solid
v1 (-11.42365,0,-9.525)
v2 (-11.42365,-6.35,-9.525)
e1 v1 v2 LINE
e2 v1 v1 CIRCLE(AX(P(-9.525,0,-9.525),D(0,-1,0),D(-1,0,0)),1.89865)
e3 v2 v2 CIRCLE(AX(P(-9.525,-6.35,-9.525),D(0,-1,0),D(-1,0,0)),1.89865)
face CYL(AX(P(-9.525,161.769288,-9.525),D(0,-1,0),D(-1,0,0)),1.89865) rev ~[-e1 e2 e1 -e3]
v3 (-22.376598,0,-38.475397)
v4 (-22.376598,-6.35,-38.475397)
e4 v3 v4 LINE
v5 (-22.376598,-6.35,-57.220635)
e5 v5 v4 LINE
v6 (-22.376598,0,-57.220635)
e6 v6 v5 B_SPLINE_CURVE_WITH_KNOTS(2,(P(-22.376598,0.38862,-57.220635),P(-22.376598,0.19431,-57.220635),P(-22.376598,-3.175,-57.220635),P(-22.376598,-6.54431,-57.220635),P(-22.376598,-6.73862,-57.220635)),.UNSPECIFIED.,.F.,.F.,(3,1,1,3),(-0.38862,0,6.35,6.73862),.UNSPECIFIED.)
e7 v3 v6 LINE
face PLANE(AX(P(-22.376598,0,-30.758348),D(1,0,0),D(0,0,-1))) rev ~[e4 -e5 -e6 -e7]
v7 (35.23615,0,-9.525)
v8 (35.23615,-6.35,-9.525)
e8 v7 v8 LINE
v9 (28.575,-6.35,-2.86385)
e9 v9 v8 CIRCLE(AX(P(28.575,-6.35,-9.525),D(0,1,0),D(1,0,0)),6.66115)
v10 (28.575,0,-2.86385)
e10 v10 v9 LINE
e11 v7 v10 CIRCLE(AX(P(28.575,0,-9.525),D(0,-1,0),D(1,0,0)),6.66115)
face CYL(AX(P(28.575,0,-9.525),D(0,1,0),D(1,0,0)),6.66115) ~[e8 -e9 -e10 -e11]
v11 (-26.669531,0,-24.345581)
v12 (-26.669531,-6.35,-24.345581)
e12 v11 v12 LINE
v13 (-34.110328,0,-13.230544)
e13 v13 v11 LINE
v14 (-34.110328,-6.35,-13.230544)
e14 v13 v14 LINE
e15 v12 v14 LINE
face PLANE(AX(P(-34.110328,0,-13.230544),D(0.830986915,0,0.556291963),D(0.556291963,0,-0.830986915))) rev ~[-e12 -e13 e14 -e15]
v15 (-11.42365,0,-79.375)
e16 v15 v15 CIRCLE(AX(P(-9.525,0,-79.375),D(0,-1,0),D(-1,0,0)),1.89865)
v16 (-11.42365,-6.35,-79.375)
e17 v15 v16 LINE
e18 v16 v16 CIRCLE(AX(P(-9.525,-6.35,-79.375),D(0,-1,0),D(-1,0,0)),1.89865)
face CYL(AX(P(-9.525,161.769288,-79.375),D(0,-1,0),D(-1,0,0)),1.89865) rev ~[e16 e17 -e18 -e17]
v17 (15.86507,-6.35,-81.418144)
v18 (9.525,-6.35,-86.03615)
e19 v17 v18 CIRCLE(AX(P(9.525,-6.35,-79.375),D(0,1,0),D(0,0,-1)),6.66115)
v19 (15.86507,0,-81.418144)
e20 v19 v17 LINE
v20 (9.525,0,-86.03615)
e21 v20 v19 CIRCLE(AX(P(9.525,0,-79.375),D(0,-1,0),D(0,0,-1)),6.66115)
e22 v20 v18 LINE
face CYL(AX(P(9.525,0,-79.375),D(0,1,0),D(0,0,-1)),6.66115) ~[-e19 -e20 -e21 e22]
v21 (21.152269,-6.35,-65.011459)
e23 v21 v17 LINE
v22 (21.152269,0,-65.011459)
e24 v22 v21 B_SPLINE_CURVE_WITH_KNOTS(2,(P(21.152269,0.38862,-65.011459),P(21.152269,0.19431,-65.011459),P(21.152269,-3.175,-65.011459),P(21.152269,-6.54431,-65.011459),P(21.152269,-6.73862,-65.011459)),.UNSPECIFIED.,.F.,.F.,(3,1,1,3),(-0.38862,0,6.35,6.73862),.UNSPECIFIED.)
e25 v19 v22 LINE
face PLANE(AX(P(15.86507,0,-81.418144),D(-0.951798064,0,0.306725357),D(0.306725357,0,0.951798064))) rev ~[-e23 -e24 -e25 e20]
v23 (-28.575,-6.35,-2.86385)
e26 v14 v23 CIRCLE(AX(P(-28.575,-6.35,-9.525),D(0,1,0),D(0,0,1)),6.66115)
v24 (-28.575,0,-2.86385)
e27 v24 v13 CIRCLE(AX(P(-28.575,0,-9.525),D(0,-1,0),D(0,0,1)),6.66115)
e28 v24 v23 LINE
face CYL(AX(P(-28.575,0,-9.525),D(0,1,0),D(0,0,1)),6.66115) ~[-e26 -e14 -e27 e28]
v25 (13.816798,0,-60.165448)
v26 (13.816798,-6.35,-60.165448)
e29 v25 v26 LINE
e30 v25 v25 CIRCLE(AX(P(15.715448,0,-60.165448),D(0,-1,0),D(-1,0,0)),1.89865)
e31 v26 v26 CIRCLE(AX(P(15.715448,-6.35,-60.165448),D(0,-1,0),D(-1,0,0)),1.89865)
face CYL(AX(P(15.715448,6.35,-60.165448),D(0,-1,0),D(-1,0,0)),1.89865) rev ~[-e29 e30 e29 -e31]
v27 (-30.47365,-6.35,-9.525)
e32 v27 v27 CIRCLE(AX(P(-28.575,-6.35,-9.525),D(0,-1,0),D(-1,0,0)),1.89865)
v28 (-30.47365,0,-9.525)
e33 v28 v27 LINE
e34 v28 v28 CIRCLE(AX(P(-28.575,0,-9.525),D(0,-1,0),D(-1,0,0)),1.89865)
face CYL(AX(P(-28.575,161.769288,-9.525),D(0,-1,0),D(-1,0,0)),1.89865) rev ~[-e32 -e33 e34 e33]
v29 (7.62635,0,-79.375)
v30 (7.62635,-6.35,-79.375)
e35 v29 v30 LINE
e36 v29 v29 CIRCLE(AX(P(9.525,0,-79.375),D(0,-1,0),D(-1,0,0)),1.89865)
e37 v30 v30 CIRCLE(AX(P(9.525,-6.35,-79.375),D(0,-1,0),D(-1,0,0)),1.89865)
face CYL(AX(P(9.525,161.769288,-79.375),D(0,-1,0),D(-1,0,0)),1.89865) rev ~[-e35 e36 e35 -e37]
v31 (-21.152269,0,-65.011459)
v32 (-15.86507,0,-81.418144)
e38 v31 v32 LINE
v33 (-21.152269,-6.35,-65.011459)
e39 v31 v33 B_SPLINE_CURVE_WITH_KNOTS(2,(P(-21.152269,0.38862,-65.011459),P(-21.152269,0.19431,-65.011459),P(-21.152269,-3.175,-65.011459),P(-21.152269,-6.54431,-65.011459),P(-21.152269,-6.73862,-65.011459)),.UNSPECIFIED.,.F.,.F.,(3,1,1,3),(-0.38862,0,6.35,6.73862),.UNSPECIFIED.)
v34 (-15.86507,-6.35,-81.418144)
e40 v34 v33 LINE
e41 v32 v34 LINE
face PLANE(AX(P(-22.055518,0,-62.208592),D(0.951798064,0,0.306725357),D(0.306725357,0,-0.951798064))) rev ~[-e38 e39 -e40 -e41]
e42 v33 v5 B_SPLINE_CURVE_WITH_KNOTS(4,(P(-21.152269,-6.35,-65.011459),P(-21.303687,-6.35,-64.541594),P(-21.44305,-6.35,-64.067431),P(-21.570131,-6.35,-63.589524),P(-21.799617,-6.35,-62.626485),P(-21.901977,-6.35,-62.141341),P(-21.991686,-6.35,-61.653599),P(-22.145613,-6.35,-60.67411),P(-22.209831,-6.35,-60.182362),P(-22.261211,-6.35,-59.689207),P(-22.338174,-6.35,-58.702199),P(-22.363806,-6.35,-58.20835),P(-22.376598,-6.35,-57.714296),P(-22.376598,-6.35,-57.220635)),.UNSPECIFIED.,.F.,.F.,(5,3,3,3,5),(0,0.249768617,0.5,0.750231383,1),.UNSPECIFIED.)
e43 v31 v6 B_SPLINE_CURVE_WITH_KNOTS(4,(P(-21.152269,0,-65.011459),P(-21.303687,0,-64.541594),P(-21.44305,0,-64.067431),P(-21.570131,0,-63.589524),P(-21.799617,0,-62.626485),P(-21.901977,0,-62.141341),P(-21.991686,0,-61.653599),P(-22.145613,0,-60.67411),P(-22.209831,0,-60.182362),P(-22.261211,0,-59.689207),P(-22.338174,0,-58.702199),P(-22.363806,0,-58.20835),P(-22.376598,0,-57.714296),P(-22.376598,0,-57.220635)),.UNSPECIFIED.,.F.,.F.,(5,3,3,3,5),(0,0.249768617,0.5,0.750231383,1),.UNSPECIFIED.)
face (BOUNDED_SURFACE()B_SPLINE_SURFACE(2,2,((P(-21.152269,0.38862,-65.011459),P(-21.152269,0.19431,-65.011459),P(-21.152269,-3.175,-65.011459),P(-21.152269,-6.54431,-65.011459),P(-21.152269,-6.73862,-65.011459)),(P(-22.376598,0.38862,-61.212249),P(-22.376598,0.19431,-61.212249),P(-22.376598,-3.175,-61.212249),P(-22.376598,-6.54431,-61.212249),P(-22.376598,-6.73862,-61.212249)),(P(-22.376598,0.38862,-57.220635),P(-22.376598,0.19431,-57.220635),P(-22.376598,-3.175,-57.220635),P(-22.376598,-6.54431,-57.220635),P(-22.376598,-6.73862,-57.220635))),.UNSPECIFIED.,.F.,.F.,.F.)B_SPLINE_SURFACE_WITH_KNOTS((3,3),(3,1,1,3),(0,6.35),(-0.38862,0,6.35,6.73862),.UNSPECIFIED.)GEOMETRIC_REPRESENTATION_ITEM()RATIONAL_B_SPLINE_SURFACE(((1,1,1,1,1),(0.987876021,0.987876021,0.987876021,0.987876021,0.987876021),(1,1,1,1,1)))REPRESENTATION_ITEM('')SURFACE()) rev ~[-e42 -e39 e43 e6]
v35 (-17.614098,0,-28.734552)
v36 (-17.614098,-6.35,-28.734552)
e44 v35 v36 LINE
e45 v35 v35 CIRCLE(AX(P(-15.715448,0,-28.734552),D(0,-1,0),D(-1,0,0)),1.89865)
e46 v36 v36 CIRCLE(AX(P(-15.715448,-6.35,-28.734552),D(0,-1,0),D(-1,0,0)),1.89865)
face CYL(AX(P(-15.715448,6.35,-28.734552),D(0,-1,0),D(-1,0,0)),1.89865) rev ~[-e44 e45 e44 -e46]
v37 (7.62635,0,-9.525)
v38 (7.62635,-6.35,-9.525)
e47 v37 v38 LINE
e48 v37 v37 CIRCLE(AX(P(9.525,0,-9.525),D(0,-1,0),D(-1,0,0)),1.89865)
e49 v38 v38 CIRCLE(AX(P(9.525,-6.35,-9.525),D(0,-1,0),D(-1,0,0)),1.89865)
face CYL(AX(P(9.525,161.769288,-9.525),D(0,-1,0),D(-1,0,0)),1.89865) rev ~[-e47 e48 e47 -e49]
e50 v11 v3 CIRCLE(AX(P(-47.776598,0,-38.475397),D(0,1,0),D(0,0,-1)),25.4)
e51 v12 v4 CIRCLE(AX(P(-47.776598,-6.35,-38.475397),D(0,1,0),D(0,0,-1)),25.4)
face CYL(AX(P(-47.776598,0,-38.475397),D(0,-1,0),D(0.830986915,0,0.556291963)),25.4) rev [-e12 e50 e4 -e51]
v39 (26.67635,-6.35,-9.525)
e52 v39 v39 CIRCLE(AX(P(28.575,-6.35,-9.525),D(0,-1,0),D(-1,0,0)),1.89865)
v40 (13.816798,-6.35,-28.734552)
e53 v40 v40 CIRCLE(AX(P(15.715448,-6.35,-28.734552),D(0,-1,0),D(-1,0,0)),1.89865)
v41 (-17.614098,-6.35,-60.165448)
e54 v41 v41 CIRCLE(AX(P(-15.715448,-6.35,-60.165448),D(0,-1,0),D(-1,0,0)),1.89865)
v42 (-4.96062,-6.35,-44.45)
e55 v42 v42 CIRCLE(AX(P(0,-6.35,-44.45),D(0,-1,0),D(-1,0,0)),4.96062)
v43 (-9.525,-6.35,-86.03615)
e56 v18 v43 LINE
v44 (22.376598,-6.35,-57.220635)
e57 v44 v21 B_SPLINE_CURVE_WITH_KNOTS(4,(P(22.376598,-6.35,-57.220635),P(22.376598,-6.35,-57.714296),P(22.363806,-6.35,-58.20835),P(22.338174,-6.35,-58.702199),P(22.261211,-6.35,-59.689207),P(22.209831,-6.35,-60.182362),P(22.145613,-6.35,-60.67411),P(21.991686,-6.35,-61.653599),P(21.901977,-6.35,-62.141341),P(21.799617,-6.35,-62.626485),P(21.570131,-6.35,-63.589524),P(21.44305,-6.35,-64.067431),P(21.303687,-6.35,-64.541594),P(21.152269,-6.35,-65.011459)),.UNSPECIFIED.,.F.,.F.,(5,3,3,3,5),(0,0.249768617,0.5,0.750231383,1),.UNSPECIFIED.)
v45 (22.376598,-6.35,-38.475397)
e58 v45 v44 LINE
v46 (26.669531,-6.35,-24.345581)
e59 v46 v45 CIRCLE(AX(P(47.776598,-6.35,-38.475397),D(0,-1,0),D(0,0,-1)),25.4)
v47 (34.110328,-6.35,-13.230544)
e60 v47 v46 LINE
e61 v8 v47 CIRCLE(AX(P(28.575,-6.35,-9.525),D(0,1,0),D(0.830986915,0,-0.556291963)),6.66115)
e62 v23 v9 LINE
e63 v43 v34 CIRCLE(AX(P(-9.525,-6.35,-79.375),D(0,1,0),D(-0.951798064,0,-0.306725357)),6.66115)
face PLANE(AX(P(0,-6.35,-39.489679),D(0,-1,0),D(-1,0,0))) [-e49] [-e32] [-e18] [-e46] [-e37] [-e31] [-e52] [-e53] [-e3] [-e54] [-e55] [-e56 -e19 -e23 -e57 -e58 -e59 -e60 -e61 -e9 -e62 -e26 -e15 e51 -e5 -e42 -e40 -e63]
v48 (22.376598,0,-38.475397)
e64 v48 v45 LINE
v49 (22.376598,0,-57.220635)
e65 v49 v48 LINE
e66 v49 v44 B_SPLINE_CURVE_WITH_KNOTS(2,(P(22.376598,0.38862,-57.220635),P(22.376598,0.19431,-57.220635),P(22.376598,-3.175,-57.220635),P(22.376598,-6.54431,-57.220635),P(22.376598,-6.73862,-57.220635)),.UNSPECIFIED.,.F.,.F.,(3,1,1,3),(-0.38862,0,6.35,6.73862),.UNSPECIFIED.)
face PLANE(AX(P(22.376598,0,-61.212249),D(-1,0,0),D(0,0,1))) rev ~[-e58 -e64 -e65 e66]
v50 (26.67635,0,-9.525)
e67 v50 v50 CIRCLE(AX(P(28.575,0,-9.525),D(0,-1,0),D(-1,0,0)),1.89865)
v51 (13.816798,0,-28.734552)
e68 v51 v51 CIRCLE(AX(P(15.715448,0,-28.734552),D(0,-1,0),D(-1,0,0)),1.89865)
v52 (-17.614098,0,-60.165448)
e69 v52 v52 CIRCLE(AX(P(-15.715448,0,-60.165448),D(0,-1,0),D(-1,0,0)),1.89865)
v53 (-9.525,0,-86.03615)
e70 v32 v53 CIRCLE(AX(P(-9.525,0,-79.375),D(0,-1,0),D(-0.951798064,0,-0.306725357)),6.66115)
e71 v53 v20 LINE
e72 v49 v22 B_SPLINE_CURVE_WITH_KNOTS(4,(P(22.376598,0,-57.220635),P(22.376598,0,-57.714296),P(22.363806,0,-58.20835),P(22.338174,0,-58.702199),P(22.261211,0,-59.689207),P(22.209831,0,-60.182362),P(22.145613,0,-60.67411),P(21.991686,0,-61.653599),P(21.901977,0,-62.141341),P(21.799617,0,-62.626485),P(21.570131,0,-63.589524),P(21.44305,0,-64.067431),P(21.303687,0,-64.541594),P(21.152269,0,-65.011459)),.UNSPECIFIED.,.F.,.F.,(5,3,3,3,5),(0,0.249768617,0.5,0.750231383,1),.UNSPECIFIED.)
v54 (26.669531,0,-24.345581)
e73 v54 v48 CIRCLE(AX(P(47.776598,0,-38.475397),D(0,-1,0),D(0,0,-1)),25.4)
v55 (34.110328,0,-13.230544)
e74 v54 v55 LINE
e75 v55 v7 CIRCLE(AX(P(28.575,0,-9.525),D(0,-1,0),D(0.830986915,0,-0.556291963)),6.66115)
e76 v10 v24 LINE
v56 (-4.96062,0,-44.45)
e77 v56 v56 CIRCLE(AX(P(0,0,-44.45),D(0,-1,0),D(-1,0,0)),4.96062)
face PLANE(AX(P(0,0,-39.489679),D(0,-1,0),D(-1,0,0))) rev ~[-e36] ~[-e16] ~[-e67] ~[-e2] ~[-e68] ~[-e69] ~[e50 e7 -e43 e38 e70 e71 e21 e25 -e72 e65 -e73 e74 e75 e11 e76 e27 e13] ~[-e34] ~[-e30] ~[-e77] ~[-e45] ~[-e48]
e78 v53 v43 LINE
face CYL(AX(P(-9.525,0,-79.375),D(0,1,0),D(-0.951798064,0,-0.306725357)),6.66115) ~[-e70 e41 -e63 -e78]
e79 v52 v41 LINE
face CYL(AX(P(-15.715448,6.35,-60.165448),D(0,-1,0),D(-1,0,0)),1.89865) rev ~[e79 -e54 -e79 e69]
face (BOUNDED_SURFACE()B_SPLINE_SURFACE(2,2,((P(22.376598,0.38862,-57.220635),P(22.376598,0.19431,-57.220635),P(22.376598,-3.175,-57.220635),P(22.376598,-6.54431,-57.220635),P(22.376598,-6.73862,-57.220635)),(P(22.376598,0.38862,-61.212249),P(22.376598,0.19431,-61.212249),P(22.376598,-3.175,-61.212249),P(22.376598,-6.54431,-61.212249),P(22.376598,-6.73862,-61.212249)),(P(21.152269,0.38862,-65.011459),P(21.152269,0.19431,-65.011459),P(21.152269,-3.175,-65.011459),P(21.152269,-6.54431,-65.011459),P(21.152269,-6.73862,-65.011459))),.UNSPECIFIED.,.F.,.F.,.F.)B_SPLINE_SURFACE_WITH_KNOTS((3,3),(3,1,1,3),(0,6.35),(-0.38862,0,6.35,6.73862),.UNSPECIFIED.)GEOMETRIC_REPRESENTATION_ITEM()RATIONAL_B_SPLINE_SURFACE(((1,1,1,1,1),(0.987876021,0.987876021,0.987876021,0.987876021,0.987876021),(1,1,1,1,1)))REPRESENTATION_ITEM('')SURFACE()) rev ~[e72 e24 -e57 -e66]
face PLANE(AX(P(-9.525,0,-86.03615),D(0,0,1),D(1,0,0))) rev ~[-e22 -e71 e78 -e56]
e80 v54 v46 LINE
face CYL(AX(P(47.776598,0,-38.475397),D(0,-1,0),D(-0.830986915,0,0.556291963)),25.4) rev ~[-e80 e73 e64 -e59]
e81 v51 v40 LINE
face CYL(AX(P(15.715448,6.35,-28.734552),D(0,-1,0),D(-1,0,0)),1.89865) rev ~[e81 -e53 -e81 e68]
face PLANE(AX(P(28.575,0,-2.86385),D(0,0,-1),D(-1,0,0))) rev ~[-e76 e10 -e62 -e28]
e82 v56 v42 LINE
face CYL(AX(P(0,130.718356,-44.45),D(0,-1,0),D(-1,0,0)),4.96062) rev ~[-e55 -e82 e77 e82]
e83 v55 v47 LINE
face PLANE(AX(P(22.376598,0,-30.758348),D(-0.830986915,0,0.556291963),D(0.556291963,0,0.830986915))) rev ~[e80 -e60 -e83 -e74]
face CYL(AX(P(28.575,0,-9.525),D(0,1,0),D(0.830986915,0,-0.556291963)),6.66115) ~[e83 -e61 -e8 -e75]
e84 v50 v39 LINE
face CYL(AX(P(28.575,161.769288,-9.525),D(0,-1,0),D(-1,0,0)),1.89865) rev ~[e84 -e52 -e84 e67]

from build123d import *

# Parameters (mm, degrees)
BOSS_EXTRUDE1_DEPTH       = 6.35
F_6_CLEARANCE_HOLE1_D     = 3.7973
FILLET1_R                 = 17.78
F_7_16_20_TAPPED_HOLE1_D  = 9.92124
F_6_CLEARANCE_HOLE2_D     = 3.7973
F_6_CLEARANCE_HOLE2_DEPTH = 6.35
CUT_EXTRUDE1_DEPTH        = 7.35
FILLET2_R                 = 25.4


with BuildPart() as part:
    # Sketch1 → Boss-Extrude1 (new body)
    with BuildSketch(Plane(origin=(0, 0, 0), x_dir=(1, 0, 0), z_dir=(0, 1, 0))):
        Polygon((-57.15, 0), (0, 114.3), (57.15, 0), align=None)
    extrude(amount=-BOSS_EXTRUDE1_DEPTH)

    # #6 Clearance Hole1 (through all)
    with Locations(Plane(origin=(0, 0, 0), x_dir=(1, 0, 0), z_dir=(0, 1, 0))):
        with Locations((28.575, 9.525), (9.525, 9.525), (-9.525, 79.375), (9.525, 79.375), (-28.575, 9.525), (-9.525, 9.525)):
            Hole(F_6_CLEARANCE_HOLE1_D / 2)

    # Fillet1
    fillet1_edges = [part.edges().sort_by_distance(p)[0] for p in [
        (-57.15, -3.175, 0),
        (0, -3.175, -114.3),
        (57.15, -3.175, 0),
    ]]
    fillet(fillet1_edges, radius=FILLET1_R)

    # 7/16-20 Tapped Hole1 (through all)
    with Locations(Plane(origin=(0, 0, 0), x_dir=(1, 0, 0), z_dir=(0, 1, 0))):
        with Locations((0, 44.45)):
            Hole(F_7_16_20_TAPPED_HOLE1_D / 2)

    # #6 Clearance Hole2
    with Locations(Plane(origin=(0, 0, 0), x_dir=(1, 0, 0), z_dir=(0, 1, 0))):
        with Locations((-15.715448212, 60.165448212), (15.715448212, 28.734551788), (-15.715448212, 28.734551788), (15.715448212, 60.165448212)):
            Hole(F_6_CLEARANCE_HOLE2_D / 2, depth=F_6_CLEARANCE_HOLE2_DEPTH)

    # Sketch9 → Cut-Extrude1 (cut, through all)
    with BuildSketch(Plane(origin=(0, 0, 0), x_dir=(1, 0, 0), z_dir=(0, 1, 0))):
        with BuildLine():
            ThreePointArc((15.902915456, 82.494169088), (0, 92.32271136), (-15.902915456, 82.494169088))
            Line((-15.902915456, 82.494169088), (-44.284271136, 25.731457728))
            ThreePointArc((-44.284271136, 25.731457728), (-43.505927053, 8.432500827), (-28.38135568, 0))
            Line((-28.38135568, 0), (28.38135568, 0))
            ThreePointArc((28.38135568, 0), (43.505927053, 8.432500827), (44.284271136, 25.731457728))
            Line((44.284271136, 25.731457728), (15.902915456, 82.494169088))
        make_face()
        with BuildLine():
            Line((-22.376598212, 60.165448212), (-22.376598212, 61.212248927))
            Line((-22.376598212, 61.212248927), (-22.055517914, 62.208591744))
            Line((-22.055517914, 62.208591744), (-15.865069677, 81.41814361))
            ThreePointArc((-15.865069677, 81.41814361), (-13.446812927, 84.759264359), (-9.525, 86.03615))
            Line((-9.525, 86.03615), (9.525, 86.03615))
            ThreePointArc((9.525, 86.03615), (13.446812927, 84.759264359), (15.865069677, 81.41814361))
            Line((15.865069677, 81.41814361), (22.055518291, 62.208590573))
            Line((22.055518291, 62.208590573), (22.376598212, 61.212248927))
            Line((22.376598212, 61.212248927), (22.376598212, 60.165448212))
            Line((22.376598212, 60.165448212), (22.376598212, 30.758347904))
            Line((22.376598212, 30.758347904), (34.110328487, 13.230544207))
            ThreePointArc((34.110328487, 13.230544207), (34.948483062, 11.461396908), (35.23615, 9.525))
            ThreePointArc((35.23615, 9.525), (33.285144336, 4.814855664), (28.575, 2.86385))
            Line((28.575, 2.86385), (9.525000022, 2.86385))
            Line((9.525000022, 2.86385), (-9.525, 2.86385))
            Line((-9.525, 2.86385), (-28.575, 2.86385))
            ThreePointArc((-28.575, 2.86385), (-34.450972478, 6.387506292), (-34.110328487, 13.230544207))
            Line((-34.110328487, 13.230544207), (-22.376598212, 30.758347904))
            Line((-22.376598212, 30.758347904), (-22.376598212, 60.165448212))
        make_face(mode=Mode.SUBTRACT)
    extrude(amount=-CUT_EXTRUDE1_DEPTH, mode=Mode.SUBTRACT)

    # Fillet2
    fillet2_edges = [part.edges().sort_by_distance(p)[0] for p in [
        (22.376598212, -3.175, -30.758347904),
        (22.376598212, -3.175, -61.212248927),
        (-22.376598212, -3.175, -61.212248927),
        (-22.376598212, -3.175, -30.758347904),
    ]]
    fillet(fillet2_edges, radius=FILLET2_R)


solid = part.part
